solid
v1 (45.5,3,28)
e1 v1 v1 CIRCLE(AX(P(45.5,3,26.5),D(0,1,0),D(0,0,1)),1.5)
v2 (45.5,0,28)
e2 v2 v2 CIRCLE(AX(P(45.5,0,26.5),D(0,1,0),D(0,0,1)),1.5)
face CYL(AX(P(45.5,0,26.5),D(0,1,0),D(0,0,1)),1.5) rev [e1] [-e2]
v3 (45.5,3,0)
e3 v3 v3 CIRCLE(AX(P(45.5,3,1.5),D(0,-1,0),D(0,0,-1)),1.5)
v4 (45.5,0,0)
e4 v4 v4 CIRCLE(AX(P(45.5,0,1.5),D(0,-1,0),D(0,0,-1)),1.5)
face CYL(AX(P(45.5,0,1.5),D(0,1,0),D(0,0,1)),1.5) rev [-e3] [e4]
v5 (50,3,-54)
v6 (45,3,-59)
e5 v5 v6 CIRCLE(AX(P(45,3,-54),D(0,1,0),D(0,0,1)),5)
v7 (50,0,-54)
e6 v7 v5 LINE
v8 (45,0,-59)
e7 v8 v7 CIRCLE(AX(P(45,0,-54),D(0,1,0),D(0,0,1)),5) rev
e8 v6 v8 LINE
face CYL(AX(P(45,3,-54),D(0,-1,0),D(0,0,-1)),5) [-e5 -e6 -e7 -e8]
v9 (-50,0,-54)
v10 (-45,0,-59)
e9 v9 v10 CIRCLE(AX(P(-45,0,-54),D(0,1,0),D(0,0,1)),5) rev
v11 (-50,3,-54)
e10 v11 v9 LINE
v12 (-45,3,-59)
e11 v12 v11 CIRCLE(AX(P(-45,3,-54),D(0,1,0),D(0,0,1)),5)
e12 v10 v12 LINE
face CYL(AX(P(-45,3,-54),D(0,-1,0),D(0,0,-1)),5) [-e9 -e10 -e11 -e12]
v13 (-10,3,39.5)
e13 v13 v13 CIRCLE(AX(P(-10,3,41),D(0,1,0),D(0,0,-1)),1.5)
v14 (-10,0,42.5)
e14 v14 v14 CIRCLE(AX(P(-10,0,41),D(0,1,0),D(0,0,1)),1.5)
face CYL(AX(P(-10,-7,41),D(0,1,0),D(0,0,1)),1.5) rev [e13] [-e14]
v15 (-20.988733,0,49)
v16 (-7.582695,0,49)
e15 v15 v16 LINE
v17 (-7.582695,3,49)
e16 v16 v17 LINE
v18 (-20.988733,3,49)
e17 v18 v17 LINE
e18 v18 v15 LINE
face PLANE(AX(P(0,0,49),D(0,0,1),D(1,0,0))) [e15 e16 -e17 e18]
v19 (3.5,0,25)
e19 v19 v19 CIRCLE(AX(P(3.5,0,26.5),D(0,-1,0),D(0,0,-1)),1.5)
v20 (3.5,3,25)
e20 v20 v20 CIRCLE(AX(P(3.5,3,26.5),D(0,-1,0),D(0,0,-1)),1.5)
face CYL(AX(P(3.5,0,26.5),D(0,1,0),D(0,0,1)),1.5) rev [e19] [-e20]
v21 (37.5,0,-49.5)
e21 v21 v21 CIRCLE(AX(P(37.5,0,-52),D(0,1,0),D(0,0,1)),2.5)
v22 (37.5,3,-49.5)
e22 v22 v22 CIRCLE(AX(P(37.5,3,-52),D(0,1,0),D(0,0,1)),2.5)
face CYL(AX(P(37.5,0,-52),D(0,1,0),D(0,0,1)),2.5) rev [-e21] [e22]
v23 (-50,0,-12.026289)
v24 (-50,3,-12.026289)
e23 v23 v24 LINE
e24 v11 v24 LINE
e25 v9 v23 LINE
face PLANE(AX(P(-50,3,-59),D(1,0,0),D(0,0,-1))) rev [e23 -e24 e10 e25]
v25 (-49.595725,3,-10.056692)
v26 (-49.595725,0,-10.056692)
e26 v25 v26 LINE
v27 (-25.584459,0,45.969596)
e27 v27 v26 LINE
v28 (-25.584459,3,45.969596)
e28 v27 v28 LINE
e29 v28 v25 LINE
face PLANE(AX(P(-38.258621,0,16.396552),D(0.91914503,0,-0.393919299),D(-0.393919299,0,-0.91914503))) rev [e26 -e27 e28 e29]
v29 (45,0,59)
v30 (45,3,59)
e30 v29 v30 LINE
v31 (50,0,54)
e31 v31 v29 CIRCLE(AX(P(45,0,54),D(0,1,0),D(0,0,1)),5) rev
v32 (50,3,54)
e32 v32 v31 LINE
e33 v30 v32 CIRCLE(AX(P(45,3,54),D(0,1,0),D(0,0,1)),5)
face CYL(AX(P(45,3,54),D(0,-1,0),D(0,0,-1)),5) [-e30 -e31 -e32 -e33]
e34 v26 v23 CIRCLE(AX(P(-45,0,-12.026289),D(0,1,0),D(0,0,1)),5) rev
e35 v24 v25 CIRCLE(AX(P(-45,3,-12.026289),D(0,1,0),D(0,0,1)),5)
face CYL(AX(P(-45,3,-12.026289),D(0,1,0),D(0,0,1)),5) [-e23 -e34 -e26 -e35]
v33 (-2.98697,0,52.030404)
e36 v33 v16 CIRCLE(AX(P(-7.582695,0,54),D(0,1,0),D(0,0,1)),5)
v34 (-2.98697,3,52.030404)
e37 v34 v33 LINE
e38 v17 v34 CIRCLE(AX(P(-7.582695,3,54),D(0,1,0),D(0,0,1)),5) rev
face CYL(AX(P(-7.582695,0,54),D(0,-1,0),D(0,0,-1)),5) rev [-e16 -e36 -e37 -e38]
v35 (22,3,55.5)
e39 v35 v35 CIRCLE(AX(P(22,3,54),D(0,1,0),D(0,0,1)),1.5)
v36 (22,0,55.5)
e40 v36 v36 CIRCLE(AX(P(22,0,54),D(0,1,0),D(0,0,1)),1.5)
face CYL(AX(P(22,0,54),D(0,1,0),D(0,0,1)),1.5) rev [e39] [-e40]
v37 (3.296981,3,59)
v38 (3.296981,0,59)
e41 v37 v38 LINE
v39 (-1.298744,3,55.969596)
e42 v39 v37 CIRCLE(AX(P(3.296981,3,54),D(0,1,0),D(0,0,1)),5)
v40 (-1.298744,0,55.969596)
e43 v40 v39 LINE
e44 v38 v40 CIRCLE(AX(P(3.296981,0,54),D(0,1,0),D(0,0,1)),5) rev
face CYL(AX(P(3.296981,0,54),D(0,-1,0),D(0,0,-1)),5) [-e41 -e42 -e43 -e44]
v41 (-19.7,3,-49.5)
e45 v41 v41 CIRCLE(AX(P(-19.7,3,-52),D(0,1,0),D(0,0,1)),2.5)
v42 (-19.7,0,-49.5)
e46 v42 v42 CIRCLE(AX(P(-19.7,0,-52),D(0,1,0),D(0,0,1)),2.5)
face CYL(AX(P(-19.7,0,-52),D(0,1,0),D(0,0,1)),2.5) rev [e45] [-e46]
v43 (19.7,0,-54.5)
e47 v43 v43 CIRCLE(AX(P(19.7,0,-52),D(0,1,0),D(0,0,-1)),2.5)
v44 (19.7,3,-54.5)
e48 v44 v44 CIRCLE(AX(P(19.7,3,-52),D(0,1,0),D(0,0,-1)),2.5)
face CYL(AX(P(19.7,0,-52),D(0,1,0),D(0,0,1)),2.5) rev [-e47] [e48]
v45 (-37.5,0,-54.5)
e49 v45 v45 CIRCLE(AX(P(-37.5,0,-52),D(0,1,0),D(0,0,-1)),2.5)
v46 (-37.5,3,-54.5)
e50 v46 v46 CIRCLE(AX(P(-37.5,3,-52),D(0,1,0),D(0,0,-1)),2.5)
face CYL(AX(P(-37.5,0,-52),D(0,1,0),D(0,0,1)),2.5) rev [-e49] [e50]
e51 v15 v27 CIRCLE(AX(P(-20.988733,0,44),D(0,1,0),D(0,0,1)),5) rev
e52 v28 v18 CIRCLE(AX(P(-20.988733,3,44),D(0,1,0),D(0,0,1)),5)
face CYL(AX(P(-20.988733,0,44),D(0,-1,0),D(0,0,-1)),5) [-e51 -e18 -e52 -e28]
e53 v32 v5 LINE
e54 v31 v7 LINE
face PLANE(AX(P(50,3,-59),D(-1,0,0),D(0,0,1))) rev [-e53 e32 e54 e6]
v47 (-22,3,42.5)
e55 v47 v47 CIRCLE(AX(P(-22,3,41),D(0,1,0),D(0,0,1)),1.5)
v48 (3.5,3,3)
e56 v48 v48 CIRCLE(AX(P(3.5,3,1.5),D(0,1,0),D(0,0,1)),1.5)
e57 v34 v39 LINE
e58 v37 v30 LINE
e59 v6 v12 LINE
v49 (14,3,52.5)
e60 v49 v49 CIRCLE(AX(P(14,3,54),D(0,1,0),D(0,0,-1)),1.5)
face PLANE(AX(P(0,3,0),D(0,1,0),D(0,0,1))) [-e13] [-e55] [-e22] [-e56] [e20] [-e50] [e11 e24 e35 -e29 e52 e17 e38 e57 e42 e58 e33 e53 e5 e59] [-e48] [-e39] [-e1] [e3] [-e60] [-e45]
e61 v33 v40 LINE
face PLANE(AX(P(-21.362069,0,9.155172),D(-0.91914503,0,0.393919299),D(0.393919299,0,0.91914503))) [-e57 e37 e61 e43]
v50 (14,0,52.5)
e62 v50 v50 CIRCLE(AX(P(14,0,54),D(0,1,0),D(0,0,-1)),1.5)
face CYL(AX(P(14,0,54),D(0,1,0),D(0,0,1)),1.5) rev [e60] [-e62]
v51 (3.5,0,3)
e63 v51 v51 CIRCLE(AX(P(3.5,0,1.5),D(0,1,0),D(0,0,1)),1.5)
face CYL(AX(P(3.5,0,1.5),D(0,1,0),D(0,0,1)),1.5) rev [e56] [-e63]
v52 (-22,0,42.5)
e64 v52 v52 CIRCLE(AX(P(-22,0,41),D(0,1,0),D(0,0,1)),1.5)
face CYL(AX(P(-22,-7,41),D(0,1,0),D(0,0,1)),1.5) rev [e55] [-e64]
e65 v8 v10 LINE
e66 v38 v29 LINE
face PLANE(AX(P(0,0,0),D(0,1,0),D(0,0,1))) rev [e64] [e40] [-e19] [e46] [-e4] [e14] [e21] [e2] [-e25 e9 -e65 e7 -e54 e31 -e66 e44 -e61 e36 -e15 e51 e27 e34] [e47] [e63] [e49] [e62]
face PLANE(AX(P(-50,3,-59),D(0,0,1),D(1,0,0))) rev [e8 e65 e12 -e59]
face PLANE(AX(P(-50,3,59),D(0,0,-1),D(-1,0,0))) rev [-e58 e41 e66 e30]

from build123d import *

# Parameters (mm, degrees)
SKETCH_1_W          = 100
SKETCH_1_H          = 118
EXTRUDE_1_DEPTH     = 3
SKETCH_3_R          = 1.5
CUT_EXTRUDE_2_DEPTH = 3
SKETCH_4_R          = 2.5
CUT_EXTRUDE_3_DEPTH = 3
SKETCH_5_R          = 1.5
CUT_EXTRUDE_4_DEPTH = 3
CUT_EXTRUDE_6_DEPTH = 3
SKETCH_9_R          = 1.5
CUT_EXTRUDE_8_DEPTH = 10
FILLET_3_R          = 5


with BuildPart() as part:
    # 草图1 → 凸台-拉伸1 (new body)
    with BuildSketch(Plane(origin=(0, 0, 0), x_dir=(1, 0, 0), z_dir=(0, 1, 0))):
        Rectangle(SKETCH_1_W, SKETCH_1_H)
    extrude(amount=EXTRUDE_1_DEPTH)

    # 草图3 → 切除-拉伸2 (cut)
    with BuildSketch(Plane(origin=(0, 3, 0), x_dir=(1, 0, 0), z_dir=(0, 1, 0))):
        with Locations((3.5, -1.5)):
            Circle(SKETCH_3_R)
        with Locations((45.5, -1.5)):
            Circle(SKETCH_3_R)
        with Locations((45.5, -26.5)):
            Circle(SKETCH_3_R)
        with Locations((3.5, -26.5)):
            Circle(SKETCH_3_R)
    extrude(amount=-CUT_EXTRUDE_2_DEPTH, mode=Mode.SUBTRACT)

    # 草图4 → 切除-拉伸3 (cut)
    with BuildSketch(Plane(origin=(0, 3, 0), x_dir=(1, 0, 0), z_dir=(0, 1, 0))):
        with Locations((37.5, 52)):
            Circle(SKETCH_4_R)
        with Locations((19.7, 52)):
            Circle(SKETCH_4_R)
        with Locations((-19.7, 52)):
            Circle(SKETCH_4_R)
        with Locations((-37.5, 52)):
            Circle(SKETCH_4_R)
    extrude(amount=-CUT_EXTRUDE_3_DEPTH, mode=Mode.SUBTRACT)

    # 草图5 → 切除-拉伸4 (cut)
    with BuildSketch(Plane(origin=(0, 3, 0), x_dir=(1, 0, 0), z_dir=(0, 1, 0))):
        with Locations((22, -54)):
            Circle(SKETCH_5_R)
        with Locations((14, -54)):
            Circle(SKETCH_5_R)
    extrude(amount=-CUT_EXTRUDE_4_DEPTH, mode=Mode.SUBTRACT)

    # 草图7 → 切除-拉伸6 (cut)
    with BuildSketch(Plane(origin=(0, 3, 0), x_dir=(1, 0, 0), z_dir=(0, 1, 0))):
        Polygon((-24.285714286, -49), (-50, 11), (-50, -59), (0, -59), (-4.285714286, -49), align=None)
    extrude(amount=-CUT_EXTRUDE_6_DEPTH, mode=Mode.SUBTRACT)

    # 草图9 → 切除-拉伸8 (cut)
    with BuildSketch(Plane(origin=(0, 3, 0), x_dir=(1, 0, 0), z_dir=(0, 1, 0))):
        with Locations((-22, -41)):
            Circle(SKETCH_9_R)
        with Locations((-10, -41)):
            Circle(SKETCH_9_R)
    extrude(amount=-CUT_EXTRUDE_8_DEPTH, mode=Mode.SUBTRACT)

    # 圆角3
    fillet_3_edges = [part.edges().sort_by_distance(p)[0] for p in [
        (-50, 1.5, -59),
        (-50, 1.5, -11),
        (-24.285714286, 1.5, 49),
        (-4.285714286, 1.5, 49),
        (0, 1.5, 59),
        (50, 1.5, 59),
        (50, 1.5, -59),
    ]]
    fillet(fillet_3_edges, radius=FILLET_3_R)


solid = part.part
